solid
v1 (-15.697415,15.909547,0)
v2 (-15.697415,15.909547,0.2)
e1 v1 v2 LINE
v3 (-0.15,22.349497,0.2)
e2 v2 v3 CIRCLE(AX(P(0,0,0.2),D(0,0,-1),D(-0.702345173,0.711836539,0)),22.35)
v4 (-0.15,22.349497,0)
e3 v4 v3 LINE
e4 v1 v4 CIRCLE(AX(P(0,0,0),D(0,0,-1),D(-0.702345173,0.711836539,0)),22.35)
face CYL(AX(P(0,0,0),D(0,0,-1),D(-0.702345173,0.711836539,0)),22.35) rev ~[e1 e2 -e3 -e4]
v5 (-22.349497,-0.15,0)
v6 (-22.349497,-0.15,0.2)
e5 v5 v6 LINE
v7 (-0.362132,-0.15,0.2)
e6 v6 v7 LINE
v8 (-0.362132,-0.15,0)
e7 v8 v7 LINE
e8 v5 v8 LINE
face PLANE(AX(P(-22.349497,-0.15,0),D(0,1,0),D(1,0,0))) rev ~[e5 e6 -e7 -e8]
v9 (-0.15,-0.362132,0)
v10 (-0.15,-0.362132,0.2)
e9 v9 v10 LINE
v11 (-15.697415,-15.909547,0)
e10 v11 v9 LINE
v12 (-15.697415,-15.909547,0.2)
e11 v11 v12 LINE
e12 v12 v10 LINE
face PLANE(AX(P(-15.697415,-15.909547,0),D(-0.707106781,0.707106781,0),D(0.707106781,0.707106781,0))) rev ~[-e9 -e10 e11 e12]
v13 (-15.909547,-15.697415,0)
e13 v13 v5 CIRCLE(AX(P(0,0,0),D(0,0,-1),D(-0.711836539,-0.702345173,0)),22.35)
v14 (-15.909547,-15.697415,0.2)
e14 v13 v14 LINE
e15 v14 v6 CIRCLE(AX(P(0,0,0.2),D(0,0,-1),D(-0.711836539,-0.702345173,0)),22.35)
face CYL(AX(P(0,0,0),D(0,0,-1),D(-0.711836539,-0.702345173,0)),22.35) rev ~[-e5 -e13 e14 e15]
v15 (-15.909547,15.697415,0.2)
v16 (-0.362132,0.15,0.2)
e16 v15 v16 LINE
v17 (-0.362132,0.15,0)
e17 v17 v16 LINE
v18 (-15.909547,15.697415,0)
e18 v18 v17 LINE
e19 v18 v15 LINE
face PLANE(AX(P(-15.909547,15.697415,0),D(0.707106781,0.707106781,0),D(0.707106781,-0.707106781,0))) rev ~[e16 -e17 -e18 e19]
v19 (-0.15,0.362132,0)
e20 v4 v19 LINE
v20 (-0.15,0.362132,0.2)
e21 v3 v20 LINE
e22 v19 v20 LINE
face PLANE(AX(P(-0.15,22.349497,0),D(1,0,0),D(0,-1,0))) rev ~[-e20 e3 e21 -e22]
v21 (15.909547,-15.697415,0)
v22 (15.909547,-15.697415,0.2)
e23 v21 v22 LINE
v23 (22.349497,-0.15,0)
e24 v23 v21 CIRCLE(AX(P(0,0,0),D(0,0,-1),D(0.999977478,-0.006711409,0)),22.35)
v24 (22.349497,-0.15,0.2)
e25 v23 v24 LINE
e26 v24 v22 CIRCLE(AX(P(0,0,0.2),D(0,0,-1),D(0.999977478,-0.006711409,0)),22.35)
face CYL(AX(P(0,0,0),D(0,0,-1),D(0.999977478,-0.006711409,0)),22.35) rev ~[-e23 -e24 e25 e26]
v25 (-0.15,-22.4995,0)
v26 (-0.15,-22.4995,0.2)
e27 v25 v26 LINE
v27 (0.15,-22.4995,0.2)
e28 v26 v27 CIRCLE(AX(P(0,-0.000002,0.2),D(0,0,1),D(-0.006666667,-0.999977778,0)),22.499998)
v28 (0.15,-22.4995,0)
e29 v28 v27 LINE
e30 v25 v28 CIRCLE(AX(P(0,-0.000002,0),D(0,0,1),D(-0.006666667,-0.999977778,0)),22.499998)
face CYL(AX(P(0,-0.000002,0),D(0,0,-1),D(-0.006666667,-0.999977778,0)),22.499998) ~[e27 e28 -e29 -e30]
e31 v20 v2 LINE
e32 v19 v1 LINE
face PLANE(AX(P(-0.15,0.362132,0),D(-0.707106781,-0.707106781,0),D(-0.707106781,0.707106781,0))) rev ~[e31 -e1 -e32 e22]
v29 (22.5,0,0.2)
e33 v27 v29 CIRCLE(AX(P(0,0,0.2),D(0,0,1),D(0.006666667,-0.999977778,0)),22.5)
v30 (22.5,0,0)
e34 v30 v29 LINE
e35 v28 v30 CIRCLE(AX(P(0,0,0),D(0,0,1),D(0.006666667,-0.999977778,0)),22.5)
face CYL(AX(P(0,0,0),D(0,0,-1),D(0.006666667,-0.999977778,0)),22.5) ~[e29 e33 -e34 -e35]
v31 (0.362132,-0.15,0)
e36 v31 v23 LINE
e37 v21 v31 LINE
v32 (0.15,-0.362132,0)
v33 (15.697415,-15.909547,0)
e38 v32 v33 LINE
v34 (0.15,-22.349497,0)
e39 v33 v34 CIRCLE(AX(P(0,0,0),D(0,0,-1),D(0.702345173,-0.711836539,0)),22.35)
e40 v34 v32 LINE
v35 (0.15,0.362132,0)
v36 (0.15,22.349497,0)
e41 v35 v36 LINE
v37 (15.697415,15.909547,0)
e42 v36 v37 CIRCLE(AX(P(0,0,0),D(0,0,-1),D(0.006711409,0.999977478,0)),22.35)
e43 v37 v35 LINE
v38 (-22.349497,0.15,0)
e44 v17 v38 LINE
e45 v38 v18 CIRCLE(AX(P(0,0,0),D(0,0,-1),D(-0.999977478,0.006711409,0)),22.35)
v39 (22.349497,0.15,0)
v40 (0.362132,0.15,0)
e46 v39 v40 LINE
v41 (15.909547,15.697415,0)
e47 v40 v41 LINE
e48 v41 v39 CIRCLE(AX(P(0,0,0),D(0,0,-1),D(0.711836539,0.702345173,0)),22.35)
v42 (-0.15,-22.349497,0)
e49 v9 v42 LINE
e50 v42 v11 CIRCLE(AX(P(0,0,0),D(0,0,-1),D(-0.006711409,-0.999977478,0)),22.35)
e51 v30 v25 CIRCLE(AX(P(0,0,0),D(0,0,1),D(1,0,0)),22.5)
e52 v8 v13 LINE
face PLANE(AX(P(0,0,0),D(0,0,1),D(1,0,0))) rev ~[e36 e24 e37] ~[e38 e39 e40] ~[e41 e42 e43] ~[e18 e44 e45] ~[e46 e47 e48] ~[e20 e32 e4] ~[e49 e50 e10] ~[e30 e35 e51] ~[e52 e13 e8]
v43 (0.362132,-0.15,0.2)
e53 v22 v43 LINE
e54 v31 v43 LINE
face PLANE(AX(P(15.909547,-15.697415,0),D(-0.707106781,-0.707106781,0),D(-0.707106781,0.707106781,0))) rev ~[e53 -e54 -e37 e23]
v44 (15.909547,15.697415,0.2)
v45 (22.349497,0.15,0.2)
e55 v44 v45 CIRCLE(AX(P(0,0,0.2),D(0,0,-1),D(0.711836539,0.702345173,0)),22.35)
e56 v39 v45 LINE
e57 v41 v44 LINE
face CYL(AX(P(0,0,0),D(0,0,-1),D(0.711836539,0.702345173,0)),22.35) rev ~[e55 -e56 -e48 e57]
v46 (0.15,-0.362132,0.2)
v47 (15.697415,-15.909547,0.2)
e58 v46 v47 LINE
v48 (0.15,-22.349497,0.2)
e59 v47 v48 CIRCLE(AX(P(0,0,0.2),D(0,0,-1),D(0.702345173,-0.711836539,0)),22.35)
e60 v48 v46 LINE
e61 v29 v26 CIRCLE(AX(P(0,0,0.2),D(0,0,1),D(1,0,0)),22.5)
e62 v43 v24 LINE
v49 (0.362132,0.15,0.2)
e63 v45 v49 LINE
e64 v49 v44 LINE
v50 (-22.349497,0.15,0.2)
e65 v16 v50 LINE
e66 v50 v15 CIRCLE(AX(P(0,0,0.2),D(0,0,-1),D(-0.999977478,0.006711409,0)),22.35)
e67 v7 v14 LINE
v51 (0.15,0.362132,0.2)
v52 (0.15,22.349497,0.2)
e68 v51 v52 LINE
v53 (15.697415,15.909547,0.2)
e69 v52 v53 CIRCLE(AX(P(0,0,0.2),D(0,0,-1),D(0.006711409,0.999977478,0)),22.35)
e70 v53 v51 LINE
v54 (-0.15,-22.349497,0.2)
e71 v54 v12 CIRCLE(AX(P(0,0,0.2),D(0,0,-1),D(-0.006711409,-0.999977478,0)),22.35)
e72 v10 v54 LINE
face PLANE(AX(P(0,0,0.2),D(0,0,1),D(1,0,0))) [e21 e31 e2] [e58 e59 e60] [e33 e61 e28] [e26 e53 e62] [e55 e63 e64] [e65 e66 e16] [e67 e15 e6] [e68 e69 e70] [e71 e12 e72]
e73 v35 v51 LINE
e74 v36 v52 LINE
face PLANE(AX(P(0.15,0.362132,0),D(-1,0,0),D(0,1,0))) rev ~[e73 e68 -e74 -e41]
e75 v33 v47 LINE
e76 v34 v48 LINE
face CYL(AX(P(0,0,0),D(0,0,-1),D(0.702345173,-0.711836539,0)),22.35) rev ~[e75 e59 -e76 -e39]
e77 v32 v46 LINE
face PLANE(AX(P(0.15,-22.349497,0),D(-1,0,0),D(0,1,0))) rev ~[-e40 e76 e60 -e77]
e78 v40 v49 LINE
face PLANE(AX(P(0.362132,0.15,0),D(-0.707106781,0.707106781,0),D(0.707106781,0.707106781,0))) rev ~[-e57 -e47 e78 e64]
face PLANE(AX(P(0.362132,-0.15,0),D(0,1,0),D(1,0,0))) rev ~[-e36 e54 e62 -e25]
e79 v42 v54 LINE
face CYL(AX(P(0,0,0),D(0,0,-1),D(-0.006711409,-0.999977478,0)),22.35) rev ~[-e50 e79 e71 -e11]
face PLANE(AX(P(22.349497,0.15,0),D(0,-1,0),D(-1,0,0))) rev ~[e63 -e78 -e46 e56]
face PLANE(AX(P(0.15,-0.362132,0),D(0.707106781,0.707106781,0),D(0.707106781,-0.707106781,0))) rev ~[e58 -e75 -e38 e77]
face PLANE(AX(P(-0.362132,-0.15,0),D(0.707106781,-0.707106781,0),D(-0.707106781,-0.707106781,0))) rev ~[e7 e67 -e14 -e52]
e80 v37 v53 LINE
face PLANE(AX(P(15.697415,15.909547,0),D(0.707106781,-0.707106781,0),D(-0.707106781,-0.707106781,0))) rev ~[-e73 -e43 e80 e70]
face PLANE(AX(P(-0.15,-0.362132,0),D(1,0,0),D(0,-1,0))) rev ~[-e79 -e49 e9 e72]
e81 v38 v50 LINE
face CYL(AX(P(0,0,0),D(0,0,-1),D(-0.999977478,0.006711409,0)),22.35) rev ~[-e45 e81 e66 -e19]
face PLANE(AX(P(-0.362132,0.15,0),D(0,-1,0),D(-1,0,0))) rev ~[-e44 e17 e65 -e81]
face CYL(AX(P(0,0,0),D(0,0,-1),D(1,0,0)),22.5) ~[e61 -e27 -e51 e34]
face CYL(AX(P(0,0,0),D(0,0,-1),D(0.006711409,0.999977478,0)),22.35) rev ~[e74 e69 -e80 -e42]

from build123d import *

# Parameters (mm, degrees)
F1_DEPTH = 0.2


with BuildPart() as f1:
    # F0 (on Top) → F1 (new body)
    with BuildSketch(Plane.XY):
        Polygon((-0.15, -0.0621320344), (-0.0621320344, -0.15), (0, -0.15), (0.0621320344, -0.15), (0.15, -0.0621320344), (0.15, 0), (0.15, 0.0621320344), (0.0621320344, 0.15), (0, 0.15), (-0.0621320344, 0.15), (-0.15, 0.0621320344), (-0.15, 0), align=None)
        Polygon((0, 0.2121320344), (-0.0621320344, 0.15), (0, 0.15), (0.0621320344, 0.15), align=None)
        Polygon((0.15, 0), (0.15, -0.0621320344), (0.2121320344, 0), (0.15, 0.0621320344), align=None)
        Polygon((0.0621320344, -0.15), (0.15, -0.15), (0.15, -0.0621320344), align=None)
        Polygon((0.0621320344, 0.15), (0.15, 0.0621320344), (0.15, 0.15), align=None)
        Polygon((0.15, 0.0621320344), (0.2121320344, 0), (0.3621320344, 0.15), (0.15, 0.15), align=None)
        Polygon((0, 0.2121320344), (0.0621320344, 0.15), (0.15, 0.15), (0.15, 0.3621320344), align=None)
        Polygon((0.15, -0.0621320344), (0.15, -0.15), (0.3621320344, -0.15), (0.2121320344, 0), align=None)
        with BuildLine():
            Line((0.3621320344, -0.15), (22.3494966386, -0.15))
            ThreePointArc((22.3494966386, -0.15), (22.3498741593, -0.0750004223), (22.35, 0))
            ThreePointArc((22.35, 0), (22.3498741593, 0.0750004223), (22.3494966386, 0.15))
            Line((22.3494966386, 0.15), (0.3621320344, 0.15))
            Line((0.3621320344, 0.15), (0.2121320344, 0))
            Line((0.2121320344, 0), (0.3621320344, -0.15))
        make_face()
        with BuildLine():
            Line((0.15, 0.15), (0.3621320344, 0.15))
            Line((0.3621320344, 0.15), (15.9095466465, 15.6974146121))
            ThreePointArc((15.9095466465, 15.6974146121), (15.8038365595, 15.8038365595), (15.6974146121, 15.9095466465))
            Line((15.6974146121, 15.9095466465), (0.15, 0.3621320344))
            Line((0.15, 0.3621320344), (0.15, 0.15))
        make_face()
        with BuildLine():
            ThreePointArc((0.15, 22.3494966386), (0, 22.35), (-0.15, 22.3494966386))
            Line((-0.15, 22.3494966386), (-0.15, 0.3621320344))
            Line((-0.15, 0.3621320344), (0, 0.2121320344))
            Line((0, 0.2121320344), (0.15, 0.3621320344))
            Line((0.15, 0.3621320344), (0.15, 22.3494966386))
        make_face()
        Polygon((0, -0.2121320344), (0.15, -0.3621320344), (0.15, -0.15), (0.0621320344, -0.15), align=None)
        with BuildLine():
            Line((0.15, -0.3621320344), (15.6974146121, -15.9095466465))
            ThreePointArc((15.6974146121, -15.9095466465), (15.8038365595, -15.8038365595), (15.9095466465, -15.6974146121))
            Line((15.9095466465, -15.6974146121), (0.3621320344, -0.15))
            Line((0.3621320344, -0.15), (0.15, -0.15))
            Line((0.15, -0.15), (0.15, -0.3621320344))
        make_face()
        Polygon((-0.0621320344, -0.15), (0, -0.2121320344), (0.0621320344, -0.15), (0, -0.15), align=None)
        Polygon((-0.15, -0.15), (-0.15, -0.3621320344), (0, -0.2121320344), (-0.0621320344, -0.15), align=None)
        Polygon((-0.15, -0.0621320344), (-0.15, -0.15), (-0.0621320344, -0.15), align=None)
        Polygon((-0.2121320344, 0), (-0.15, -0.0621320344), (-0.15, 0), (-0.15, 0.0621320344), align=None)
        Polygon((-0.15, 0.3621320344), (-0.15, 0.15), (-0.0621320344, 0.15), (0, 0.2121320344), align=None)
        Polygon((-0.15, 0.15), (-0.15, 0.0621320344), (-0.0621320344, 0.15), align=None)
        Polygon((-0.3621320344, 0.15), (-0.2121320344, 0), (-0.15, 0.0621320344), (-0.15, 0.15), align=None)
        with BuildLine():
            ThreePointArc((-15.6974146121, 15.9095466465), (-15.8038365595, 15.8038365595), (-15.9095466465, 15.6974146121))
            Line((-15.9095466465, 15.6974146121), (-0.3621320344, 0.15))
            Line((-0.3621320344, 0.15), (-0.15, 0.15))
            Line((-0.15, 0.15), (-0.15, 0.3621320344))
            Line((-0.15, 0.3621320344), (-15.6974146121, 15.9095466465))
        make_face()
        with BuildLine():
            ThreePointArc((-22.3494966386, 0.15), (-22.35, 0), (-22.3494966386, -0.15))
            Line((-22.3494966386, -0.15), (-0.3621320344, -0.15))
            Line((-0.3621320344, -0.15), (-0.2121320344, 0))
            Line((-0.2121320344, 0), (-0.3621320344, 0.15))
            Line((-0.3621320344, 0.15), (-22.3494966386, 0.15))
        make_face()
        Polygon((-0.3621320344, -0.15), (-0.15, -0.15), (-0.15, -0.0621320344), (-0.2121320344, 0), align=None)
        with BuildLine():
            ThreePointArc((-15.9095466465, -15.6974146121), (-15.8038365595, -15.8038365595), (-15.6974146121, -15.9095466465))
            Line((-15.6974146121, -15.9095466465), (-0.15, -0.3621320344))
            Line((-0.15, -0.3621320344), (-0.15, -0.15))
            Line((-0.15, -0.15), (-0.3621320344, -0.15))
            Line((-0.3621320344, -0.15), (-15.9095466465, -15.6974146121))
        make_face()
        with BuildLine():
            Line((-0.15, -0.3621320344), (-0.15, -22.3494966386))
            ThreePointArc((-0.15, -22.3494966386), (0, -22.35), (0.15, -22.3494966386))
            Line((0.15, -22.3494966386), (0.15, -0.3621320344))
            Line((0.15, -0.3621320344), (0, -0.2121320344))
            Line((0, -0.2121320344), (-0.15, -0.3621320344))
        make_face()
        with BuildLine():
            Line((-0.15, -22.3494966386), (-0.15, -22.4994999944))
            ThreePointArc((-0.15, -22.4994999944), (0, -22.5), (0.15, -22.4994999944))
            Line((0.15, -22.4994999944), (0.15, -22.3494966386))
            ThreePointArc((0.15, -22.3494966386), (0, -22.35), (-0.15, -22.3494966386))
        make_face()
        with BuildLine():
            ThreePointArc((0.15, -22.4994999944), (15.9628474903, -15.8567808839), (22.5, 0))
            ThreePointArc((22.5, 0), (-15.8567808839, 15.9628474903), (-0.15, -22.4994999944))
            Line((-0.15, -22.4994999944), (-0.15, -22.3494966386))
            ThreePointArc((-0.15, -22.3494966386), (-8.5529747134, -20.6487075516), (-15.6974146121, -15.9095466465))
            ThreePointArc((-15.6974146121, -15.9095466465), (-15.8038365595, -15.8038365595), (-15.9095466465, -15.6974146121))
            ThreePointArc((-15.9095466465, -15.6974146121), (-20.6487075516, -8.5529747134), (-22.3494966386, -0.15))
            ThreePointArc((-22.3494966386, -0.15), (-22.35, 0), (-22.3494966386, 0.15))
            ThreePointArc((-22.3494966386, 0.15), (-20.6487075516, 8.5529747134), (-15.9095466465, 15.6974146121))
            ThreePointArc((-15.9095466465, 15.6974146121), (-15.8038365595, 15.8038365595), (-15.6974146121, 15.9095466465))
            ThreePointArc((-15.6974146121, 15.9095466465), (-8.5529747134, 20.6487075516), (-0.15, 22.3494966386))
            ThreePointArc((-0.15, 22.3494966386), (0, 22.35), (0.15, 22.3494966386))
            ThreePointArc((0.15, 22.3494966386), (8.5529747134, 20.6487075516), (15.6974146121, 15.9095466465))
            ThreePointArc((15.6974146121, 15.9095466465), (15.8038365595, 15.8038365595), (15.9095466465, 15.6974146121))
            ThreePointArc((15.9095466465, 15.6974146121), (20.6487075516, 8.5529747134), (22.3494966386, 0.15))
            ThreePointArc((22.3494966386, 0.15), (22.3498741593, 0.0750004223), (22.35, 0))
            ThreePointArc((22.35, 0), (22.3498741593, -0.0750004223), (22.3494966386, -0.15))
            ThreePointArc((22.3494966386, -0.15), (20.6487075516, -8.5529747134), (15.9095466465, -15.6974146121))
            ThreePointArc((15.9095466465, -15.6974146121), (15.8038365595, -15.8038365595), (15.6974146121, -15.9095466465))
            ThreePointArc((15.6974146121, -15.9095466465), (8.5529747134, -20.6487075516), (0.15, -22.3494966386))
            Line((0.15, -22.3494966386), (0.15, -22.4994999944))
        make_face()
    extrude(amount=F1_DEPTH)


solid = f1.part
